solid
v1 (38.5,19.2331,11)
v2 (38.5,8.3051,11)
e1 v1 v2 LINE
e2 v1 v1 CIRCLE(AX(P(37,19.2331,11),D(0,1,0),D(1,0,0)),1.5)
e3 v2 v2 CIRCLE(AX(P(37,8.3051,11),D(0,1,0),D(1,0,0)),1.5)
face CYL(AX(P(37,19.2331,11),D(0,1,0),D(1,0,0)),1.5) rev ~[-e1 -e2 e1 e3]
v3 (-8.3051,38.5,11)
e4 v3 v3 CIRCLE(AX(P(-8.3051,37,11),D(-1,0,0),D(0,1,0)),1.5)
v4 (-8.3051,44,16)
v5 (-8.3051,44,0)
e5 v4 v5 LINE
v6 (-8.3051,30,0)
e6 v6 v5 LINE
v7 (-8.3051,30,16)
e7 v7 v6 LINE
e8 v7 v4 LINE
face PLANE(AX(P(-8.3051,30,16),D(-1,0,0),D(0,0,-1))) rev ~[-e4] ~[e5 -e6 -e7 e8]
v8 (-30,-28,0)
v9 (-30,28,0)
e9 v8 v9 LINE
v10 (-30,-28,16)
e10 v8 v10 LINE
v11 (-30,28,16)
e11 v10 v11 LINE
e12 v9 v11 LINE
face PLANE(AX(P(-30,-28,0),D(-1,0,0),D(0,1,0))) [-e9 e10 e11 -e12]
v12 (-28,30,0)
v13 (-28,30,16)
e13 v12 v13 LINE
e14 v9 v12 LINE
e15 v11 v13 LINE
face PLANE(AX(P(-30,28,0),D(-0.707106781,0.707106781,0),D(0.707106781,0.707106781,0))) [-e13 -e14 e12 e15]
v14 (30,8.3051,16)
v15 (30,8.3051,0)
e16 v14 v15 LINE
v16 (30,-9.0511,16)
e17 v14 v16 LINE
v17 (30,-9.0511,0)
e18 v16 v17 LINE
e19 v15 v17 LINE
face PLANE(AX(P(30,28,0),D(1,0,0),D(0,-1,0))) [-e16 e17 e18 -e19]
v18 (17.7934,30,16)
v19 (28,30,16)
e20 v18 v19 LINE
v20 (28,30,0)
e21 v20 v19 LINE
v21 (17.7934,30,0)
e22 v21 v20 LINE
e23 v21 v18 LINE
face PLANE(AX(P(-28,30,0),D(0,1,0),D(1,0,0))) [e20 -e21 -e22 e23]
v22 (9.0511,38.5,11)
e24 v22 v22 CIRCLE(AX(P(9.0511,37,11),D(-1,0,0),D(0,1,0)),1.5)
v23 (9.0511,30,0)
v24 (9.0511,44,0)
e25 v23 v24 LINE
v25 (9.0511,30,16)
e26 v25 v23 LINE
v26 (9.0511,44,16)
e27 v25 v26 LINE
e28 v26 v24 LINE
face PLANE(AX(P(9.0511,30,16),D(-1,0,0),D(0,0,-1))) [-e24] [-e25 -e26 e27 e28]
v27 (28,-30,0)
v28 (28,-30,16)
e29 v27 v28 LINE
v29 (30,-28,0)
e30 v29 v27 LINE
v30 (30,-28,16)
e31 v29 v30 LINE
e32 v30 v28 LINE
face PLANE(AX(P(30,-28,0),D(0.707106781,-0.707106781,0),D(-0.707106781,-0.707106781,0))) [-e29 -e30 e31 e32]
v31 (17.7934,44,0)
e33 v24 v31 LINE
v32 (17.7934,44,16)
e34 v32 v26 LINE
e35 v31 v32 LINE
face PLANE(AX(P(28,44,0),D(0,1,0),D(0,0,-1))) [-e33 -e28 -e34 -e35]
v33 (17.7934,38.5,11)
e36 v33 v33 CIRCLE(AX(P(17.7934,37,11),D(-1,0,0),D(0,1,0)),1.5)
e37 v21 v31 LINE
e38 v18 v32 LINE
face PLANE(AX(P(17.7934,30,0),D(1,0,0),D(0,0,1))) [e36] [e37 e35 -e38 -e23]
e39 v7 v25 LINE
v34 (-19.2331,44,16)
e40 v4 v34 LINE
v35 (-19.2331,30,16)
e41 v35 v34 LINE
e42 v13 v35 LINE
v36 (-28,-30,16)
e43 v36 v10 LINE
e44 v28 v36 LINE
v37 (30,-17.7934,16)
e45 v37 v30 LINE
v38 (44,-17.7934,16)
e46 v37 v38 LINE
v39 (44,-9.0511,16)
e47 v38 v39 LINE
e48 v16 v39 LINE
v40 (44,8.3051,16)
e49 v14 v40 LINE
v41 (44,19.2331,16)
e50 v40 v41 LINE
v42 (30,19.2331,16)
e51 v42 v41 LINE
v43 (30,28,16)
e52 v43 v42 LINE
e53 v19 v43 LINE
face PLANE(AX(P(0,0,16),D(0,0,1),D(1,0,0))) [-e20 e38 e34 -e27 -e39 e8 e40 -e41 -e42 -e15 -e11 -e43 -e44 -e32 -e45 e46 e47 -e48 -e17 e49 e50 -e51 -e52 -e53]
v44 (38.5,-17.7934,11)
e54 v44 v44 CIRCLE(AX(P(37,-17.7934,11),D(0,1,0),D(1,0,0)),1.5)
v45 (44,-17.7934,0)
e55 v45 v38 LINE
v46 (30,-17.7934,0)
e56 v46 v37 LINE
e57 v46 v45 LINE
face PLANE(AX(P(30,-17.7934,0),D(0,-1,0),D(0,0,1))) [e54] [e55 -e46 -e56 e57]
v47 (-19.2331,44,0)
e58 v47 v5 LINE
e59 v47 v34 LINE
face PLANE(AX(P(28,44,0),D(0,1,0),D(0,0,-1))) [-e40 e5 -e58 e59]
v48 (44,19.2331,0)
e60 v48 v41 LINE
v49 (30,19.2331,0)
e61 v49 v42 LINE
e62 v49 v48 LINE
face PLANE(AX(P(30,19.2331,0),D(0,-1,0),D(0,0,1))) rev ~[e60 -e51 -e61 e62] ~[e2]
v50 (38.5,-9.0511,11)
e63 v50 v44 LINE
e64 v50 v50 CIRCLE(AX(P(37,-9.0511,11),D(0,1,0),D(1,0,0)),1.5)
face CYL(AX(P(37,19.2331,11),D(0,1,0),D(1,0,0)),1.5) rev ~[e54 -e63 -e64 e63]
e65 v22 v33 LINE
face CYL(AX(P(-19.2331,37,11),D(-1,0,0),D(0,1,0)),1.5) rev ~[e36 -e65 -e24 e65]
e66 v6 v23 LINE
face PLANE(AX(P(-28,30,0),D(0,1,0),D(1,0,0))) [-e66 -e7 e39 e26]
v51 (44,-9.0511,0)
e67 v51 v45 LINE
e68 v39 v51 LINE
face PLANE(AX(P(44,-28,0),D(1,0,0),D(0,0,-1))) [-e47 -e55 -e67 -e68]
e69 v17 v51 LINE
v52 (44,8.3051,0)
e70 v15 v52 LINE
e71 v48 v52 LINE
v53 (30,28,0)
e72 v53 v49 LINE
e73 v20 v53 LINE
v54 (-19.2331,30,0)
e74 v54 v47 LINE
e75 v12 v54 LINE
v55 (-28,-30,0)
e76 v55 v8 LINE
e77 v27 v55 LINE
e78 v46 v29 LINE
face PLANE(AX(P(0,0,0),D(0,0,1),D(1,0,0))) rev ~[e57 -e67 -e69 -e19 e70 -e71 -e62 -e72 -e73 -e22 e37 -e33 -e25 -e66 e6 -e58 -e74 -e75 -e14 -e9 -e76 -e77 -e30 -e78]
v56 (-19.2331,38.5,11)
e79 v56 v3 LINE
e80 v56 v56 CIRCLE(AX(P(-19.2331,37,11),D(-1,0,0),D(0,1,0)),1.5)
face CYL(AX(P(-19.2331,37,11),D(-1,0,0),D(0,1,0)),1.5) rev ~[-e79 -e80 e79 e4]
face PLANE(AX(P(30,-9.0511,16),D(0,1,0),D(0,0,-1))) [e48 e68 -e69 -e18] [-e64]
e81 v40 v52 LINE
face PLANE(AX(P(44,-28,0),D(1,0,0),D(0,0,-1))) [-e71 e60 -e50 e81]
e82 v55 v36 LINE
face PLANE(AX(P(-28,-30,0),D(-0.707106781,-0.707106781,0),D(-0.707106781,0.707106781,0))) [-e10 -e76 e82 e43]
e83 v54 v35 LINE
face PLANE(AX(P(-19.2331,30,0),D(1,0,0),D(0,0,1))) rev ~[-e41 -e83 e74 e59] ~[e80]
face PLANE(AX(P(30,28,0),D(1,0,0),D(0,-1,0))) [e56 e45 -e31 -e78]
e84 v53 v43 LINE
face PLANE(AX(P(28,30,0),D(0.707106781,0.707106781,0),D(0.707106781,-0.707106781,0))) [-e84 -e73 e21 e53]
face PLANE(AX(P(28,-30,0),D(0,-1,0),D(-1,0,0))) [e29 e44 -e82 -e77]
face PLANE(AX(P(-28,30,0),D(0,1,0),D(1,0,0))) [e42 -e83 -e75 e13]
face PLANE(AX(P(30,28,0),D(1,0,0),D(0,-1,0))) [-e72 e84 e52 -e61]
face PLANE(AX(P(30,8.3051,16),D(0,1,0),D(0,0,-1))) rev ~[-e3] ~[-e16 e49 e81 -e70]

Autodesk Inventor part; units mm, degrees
ref_plane "YZ Plane" through (0, 0, 0) normal (1, 0, 0) x (0, 1, 0)
ref_plane "XZ Plane" through (0, 0, 0) normal (0, 1, 0) x (-1, 0, 0)
ref_plane "XY Plane" through (0, 0, 0) normal (0, 0, 1) x (1, 0, 0)
ref_plane "Work Plane1" through (0, 0, 0) normal (0, 0, 1) x (1, 0, 0)
sketch "Sketch1" plane through (0, 0, 0) normal (0, 0, 1) x (1, 0, 0)
  circle A0 centre (17.5, 17.5) radius 1.95 projected
  circle A1 centre (17.5, -17.5) radius 1.95 projected
  circle A2 centre (-17.5, -17.5) radius 1.95 projected
  circle A3 centre (-17.5, 17.5) radius 1.95 projected
  circle A4 centre (0, 0) radius 7.5 projected
  line L0 (-30, 28) -> (-28, 30) projected
  line L1 (-30, -28) -> (-30, 28) projected
  line L2 (-28, -30) -> (-30, -28) projected
  line L3 (28, -30) -> (-28, -30) projected
  line L4 (30, -28) -> (28, -30) projected
  line L5 (30, 28) -> (30, -28) projected
  line L6 (28, 30) -> (30, 28) projected
  line L7 (-28, 30) -> (28, 30) projected
  circle A5 centre (25, 25) radius 2.325 projected
  circle A6 centre (-25, -25) radius 2.325 projected
  circle A7 centre (25, -25) radius 2.325 projected
  circle A8 centre (-25, 25) radius 2.325 projected
  circle A9 centre (10, -25) radius 1.45 projected
  circle A10 centre (10, 25) radius 1.45 projected
  circle A11 centre (-10, 25) radius 1.45 projected
  circle A12 centre (-10, -25) radius 1.45 projected
  point P0 (0, 0)
extrude "Extrusion1" add sketch "Sketch1" along normal blind 16 contours A0 | A1 | A2 | A3 | A4 | L0 L7 L6 L5 L4 L3 L2 L1 | A5 | A6 | A7 | A8 | A9 | A10 | A11 | A12
sketch "Sketch2" plane through (0, 0, 16) normal (0, 0, 1) x (1, 0, 0)
  point P0 (0, 0)
sketch "Sketch3" plane through (30, -28, 0) normal (1, 0, 0) x (0, 0, -1)
  line L0 (0, 56) -> (0, 0) projected
  line L1 (0, 56) -> (-16, 56) projected
  line L2 (-16, 0) -> (-16, 56) projected
  line L3 (0, 0) -> (-16, 0) projected
  line L4 (-16, 0) -> (-16, 56) projected
  line L5 (0, 47.2331) -> (-16, 47.2331)
  line L6 (-16, 47.2331) -> (-16, 36.3051)
  line L7 (-16, 36.3051) -> (0, 36.3051)
  line L8 (0, 36.3051) -> (0, 47.2331)
  line L9 (0, 56) -> (0, 0) projected
  line L10 (0, 10.2066) -> (-16, 10.2066)
  line L11 (-16, 10.2066) -> (-16, 18.9489)
  line L12 (-16, 18.9489) -> (0, 18.9489)
  line L13 (0, 18.9489) -> (0, 10.2066)
  point P0 (0, 28)
extrude "Extrusion2" add sketch "Sketch3" along normal blind 14 contours L0 L7 L2 L5 | L0 L10 L2 L12
sketch "Sketch4" plane through (30, 19.2331, 16) normal (0, 1, 0) x (1, 0, 0)
  line L0 (0, 0) -> (0, 16) projected
  line L1 (0, 0) -> (14, 0) projected
  line L2 (14, 16) -> (14, 0) projected
  line L3 (0, 16) -> (14, 16) projected
  circle A0 centre (7, 5) radius 1.5
  point P0 (-30, 16)
  dimension "d4" = 3
extrude "Extrusion3" cut sketch "Sketch4" against normal through all contours A0
pattern_circular "Circular Pattern1" count 2 over 90 about axis through (0, 0, 0) along (0, 0, 1) of "Extrusion2", "Extrusion3"
properties part number "00_XY_stage-CHUO_SEIKI_LD-647-R1-Middle"
